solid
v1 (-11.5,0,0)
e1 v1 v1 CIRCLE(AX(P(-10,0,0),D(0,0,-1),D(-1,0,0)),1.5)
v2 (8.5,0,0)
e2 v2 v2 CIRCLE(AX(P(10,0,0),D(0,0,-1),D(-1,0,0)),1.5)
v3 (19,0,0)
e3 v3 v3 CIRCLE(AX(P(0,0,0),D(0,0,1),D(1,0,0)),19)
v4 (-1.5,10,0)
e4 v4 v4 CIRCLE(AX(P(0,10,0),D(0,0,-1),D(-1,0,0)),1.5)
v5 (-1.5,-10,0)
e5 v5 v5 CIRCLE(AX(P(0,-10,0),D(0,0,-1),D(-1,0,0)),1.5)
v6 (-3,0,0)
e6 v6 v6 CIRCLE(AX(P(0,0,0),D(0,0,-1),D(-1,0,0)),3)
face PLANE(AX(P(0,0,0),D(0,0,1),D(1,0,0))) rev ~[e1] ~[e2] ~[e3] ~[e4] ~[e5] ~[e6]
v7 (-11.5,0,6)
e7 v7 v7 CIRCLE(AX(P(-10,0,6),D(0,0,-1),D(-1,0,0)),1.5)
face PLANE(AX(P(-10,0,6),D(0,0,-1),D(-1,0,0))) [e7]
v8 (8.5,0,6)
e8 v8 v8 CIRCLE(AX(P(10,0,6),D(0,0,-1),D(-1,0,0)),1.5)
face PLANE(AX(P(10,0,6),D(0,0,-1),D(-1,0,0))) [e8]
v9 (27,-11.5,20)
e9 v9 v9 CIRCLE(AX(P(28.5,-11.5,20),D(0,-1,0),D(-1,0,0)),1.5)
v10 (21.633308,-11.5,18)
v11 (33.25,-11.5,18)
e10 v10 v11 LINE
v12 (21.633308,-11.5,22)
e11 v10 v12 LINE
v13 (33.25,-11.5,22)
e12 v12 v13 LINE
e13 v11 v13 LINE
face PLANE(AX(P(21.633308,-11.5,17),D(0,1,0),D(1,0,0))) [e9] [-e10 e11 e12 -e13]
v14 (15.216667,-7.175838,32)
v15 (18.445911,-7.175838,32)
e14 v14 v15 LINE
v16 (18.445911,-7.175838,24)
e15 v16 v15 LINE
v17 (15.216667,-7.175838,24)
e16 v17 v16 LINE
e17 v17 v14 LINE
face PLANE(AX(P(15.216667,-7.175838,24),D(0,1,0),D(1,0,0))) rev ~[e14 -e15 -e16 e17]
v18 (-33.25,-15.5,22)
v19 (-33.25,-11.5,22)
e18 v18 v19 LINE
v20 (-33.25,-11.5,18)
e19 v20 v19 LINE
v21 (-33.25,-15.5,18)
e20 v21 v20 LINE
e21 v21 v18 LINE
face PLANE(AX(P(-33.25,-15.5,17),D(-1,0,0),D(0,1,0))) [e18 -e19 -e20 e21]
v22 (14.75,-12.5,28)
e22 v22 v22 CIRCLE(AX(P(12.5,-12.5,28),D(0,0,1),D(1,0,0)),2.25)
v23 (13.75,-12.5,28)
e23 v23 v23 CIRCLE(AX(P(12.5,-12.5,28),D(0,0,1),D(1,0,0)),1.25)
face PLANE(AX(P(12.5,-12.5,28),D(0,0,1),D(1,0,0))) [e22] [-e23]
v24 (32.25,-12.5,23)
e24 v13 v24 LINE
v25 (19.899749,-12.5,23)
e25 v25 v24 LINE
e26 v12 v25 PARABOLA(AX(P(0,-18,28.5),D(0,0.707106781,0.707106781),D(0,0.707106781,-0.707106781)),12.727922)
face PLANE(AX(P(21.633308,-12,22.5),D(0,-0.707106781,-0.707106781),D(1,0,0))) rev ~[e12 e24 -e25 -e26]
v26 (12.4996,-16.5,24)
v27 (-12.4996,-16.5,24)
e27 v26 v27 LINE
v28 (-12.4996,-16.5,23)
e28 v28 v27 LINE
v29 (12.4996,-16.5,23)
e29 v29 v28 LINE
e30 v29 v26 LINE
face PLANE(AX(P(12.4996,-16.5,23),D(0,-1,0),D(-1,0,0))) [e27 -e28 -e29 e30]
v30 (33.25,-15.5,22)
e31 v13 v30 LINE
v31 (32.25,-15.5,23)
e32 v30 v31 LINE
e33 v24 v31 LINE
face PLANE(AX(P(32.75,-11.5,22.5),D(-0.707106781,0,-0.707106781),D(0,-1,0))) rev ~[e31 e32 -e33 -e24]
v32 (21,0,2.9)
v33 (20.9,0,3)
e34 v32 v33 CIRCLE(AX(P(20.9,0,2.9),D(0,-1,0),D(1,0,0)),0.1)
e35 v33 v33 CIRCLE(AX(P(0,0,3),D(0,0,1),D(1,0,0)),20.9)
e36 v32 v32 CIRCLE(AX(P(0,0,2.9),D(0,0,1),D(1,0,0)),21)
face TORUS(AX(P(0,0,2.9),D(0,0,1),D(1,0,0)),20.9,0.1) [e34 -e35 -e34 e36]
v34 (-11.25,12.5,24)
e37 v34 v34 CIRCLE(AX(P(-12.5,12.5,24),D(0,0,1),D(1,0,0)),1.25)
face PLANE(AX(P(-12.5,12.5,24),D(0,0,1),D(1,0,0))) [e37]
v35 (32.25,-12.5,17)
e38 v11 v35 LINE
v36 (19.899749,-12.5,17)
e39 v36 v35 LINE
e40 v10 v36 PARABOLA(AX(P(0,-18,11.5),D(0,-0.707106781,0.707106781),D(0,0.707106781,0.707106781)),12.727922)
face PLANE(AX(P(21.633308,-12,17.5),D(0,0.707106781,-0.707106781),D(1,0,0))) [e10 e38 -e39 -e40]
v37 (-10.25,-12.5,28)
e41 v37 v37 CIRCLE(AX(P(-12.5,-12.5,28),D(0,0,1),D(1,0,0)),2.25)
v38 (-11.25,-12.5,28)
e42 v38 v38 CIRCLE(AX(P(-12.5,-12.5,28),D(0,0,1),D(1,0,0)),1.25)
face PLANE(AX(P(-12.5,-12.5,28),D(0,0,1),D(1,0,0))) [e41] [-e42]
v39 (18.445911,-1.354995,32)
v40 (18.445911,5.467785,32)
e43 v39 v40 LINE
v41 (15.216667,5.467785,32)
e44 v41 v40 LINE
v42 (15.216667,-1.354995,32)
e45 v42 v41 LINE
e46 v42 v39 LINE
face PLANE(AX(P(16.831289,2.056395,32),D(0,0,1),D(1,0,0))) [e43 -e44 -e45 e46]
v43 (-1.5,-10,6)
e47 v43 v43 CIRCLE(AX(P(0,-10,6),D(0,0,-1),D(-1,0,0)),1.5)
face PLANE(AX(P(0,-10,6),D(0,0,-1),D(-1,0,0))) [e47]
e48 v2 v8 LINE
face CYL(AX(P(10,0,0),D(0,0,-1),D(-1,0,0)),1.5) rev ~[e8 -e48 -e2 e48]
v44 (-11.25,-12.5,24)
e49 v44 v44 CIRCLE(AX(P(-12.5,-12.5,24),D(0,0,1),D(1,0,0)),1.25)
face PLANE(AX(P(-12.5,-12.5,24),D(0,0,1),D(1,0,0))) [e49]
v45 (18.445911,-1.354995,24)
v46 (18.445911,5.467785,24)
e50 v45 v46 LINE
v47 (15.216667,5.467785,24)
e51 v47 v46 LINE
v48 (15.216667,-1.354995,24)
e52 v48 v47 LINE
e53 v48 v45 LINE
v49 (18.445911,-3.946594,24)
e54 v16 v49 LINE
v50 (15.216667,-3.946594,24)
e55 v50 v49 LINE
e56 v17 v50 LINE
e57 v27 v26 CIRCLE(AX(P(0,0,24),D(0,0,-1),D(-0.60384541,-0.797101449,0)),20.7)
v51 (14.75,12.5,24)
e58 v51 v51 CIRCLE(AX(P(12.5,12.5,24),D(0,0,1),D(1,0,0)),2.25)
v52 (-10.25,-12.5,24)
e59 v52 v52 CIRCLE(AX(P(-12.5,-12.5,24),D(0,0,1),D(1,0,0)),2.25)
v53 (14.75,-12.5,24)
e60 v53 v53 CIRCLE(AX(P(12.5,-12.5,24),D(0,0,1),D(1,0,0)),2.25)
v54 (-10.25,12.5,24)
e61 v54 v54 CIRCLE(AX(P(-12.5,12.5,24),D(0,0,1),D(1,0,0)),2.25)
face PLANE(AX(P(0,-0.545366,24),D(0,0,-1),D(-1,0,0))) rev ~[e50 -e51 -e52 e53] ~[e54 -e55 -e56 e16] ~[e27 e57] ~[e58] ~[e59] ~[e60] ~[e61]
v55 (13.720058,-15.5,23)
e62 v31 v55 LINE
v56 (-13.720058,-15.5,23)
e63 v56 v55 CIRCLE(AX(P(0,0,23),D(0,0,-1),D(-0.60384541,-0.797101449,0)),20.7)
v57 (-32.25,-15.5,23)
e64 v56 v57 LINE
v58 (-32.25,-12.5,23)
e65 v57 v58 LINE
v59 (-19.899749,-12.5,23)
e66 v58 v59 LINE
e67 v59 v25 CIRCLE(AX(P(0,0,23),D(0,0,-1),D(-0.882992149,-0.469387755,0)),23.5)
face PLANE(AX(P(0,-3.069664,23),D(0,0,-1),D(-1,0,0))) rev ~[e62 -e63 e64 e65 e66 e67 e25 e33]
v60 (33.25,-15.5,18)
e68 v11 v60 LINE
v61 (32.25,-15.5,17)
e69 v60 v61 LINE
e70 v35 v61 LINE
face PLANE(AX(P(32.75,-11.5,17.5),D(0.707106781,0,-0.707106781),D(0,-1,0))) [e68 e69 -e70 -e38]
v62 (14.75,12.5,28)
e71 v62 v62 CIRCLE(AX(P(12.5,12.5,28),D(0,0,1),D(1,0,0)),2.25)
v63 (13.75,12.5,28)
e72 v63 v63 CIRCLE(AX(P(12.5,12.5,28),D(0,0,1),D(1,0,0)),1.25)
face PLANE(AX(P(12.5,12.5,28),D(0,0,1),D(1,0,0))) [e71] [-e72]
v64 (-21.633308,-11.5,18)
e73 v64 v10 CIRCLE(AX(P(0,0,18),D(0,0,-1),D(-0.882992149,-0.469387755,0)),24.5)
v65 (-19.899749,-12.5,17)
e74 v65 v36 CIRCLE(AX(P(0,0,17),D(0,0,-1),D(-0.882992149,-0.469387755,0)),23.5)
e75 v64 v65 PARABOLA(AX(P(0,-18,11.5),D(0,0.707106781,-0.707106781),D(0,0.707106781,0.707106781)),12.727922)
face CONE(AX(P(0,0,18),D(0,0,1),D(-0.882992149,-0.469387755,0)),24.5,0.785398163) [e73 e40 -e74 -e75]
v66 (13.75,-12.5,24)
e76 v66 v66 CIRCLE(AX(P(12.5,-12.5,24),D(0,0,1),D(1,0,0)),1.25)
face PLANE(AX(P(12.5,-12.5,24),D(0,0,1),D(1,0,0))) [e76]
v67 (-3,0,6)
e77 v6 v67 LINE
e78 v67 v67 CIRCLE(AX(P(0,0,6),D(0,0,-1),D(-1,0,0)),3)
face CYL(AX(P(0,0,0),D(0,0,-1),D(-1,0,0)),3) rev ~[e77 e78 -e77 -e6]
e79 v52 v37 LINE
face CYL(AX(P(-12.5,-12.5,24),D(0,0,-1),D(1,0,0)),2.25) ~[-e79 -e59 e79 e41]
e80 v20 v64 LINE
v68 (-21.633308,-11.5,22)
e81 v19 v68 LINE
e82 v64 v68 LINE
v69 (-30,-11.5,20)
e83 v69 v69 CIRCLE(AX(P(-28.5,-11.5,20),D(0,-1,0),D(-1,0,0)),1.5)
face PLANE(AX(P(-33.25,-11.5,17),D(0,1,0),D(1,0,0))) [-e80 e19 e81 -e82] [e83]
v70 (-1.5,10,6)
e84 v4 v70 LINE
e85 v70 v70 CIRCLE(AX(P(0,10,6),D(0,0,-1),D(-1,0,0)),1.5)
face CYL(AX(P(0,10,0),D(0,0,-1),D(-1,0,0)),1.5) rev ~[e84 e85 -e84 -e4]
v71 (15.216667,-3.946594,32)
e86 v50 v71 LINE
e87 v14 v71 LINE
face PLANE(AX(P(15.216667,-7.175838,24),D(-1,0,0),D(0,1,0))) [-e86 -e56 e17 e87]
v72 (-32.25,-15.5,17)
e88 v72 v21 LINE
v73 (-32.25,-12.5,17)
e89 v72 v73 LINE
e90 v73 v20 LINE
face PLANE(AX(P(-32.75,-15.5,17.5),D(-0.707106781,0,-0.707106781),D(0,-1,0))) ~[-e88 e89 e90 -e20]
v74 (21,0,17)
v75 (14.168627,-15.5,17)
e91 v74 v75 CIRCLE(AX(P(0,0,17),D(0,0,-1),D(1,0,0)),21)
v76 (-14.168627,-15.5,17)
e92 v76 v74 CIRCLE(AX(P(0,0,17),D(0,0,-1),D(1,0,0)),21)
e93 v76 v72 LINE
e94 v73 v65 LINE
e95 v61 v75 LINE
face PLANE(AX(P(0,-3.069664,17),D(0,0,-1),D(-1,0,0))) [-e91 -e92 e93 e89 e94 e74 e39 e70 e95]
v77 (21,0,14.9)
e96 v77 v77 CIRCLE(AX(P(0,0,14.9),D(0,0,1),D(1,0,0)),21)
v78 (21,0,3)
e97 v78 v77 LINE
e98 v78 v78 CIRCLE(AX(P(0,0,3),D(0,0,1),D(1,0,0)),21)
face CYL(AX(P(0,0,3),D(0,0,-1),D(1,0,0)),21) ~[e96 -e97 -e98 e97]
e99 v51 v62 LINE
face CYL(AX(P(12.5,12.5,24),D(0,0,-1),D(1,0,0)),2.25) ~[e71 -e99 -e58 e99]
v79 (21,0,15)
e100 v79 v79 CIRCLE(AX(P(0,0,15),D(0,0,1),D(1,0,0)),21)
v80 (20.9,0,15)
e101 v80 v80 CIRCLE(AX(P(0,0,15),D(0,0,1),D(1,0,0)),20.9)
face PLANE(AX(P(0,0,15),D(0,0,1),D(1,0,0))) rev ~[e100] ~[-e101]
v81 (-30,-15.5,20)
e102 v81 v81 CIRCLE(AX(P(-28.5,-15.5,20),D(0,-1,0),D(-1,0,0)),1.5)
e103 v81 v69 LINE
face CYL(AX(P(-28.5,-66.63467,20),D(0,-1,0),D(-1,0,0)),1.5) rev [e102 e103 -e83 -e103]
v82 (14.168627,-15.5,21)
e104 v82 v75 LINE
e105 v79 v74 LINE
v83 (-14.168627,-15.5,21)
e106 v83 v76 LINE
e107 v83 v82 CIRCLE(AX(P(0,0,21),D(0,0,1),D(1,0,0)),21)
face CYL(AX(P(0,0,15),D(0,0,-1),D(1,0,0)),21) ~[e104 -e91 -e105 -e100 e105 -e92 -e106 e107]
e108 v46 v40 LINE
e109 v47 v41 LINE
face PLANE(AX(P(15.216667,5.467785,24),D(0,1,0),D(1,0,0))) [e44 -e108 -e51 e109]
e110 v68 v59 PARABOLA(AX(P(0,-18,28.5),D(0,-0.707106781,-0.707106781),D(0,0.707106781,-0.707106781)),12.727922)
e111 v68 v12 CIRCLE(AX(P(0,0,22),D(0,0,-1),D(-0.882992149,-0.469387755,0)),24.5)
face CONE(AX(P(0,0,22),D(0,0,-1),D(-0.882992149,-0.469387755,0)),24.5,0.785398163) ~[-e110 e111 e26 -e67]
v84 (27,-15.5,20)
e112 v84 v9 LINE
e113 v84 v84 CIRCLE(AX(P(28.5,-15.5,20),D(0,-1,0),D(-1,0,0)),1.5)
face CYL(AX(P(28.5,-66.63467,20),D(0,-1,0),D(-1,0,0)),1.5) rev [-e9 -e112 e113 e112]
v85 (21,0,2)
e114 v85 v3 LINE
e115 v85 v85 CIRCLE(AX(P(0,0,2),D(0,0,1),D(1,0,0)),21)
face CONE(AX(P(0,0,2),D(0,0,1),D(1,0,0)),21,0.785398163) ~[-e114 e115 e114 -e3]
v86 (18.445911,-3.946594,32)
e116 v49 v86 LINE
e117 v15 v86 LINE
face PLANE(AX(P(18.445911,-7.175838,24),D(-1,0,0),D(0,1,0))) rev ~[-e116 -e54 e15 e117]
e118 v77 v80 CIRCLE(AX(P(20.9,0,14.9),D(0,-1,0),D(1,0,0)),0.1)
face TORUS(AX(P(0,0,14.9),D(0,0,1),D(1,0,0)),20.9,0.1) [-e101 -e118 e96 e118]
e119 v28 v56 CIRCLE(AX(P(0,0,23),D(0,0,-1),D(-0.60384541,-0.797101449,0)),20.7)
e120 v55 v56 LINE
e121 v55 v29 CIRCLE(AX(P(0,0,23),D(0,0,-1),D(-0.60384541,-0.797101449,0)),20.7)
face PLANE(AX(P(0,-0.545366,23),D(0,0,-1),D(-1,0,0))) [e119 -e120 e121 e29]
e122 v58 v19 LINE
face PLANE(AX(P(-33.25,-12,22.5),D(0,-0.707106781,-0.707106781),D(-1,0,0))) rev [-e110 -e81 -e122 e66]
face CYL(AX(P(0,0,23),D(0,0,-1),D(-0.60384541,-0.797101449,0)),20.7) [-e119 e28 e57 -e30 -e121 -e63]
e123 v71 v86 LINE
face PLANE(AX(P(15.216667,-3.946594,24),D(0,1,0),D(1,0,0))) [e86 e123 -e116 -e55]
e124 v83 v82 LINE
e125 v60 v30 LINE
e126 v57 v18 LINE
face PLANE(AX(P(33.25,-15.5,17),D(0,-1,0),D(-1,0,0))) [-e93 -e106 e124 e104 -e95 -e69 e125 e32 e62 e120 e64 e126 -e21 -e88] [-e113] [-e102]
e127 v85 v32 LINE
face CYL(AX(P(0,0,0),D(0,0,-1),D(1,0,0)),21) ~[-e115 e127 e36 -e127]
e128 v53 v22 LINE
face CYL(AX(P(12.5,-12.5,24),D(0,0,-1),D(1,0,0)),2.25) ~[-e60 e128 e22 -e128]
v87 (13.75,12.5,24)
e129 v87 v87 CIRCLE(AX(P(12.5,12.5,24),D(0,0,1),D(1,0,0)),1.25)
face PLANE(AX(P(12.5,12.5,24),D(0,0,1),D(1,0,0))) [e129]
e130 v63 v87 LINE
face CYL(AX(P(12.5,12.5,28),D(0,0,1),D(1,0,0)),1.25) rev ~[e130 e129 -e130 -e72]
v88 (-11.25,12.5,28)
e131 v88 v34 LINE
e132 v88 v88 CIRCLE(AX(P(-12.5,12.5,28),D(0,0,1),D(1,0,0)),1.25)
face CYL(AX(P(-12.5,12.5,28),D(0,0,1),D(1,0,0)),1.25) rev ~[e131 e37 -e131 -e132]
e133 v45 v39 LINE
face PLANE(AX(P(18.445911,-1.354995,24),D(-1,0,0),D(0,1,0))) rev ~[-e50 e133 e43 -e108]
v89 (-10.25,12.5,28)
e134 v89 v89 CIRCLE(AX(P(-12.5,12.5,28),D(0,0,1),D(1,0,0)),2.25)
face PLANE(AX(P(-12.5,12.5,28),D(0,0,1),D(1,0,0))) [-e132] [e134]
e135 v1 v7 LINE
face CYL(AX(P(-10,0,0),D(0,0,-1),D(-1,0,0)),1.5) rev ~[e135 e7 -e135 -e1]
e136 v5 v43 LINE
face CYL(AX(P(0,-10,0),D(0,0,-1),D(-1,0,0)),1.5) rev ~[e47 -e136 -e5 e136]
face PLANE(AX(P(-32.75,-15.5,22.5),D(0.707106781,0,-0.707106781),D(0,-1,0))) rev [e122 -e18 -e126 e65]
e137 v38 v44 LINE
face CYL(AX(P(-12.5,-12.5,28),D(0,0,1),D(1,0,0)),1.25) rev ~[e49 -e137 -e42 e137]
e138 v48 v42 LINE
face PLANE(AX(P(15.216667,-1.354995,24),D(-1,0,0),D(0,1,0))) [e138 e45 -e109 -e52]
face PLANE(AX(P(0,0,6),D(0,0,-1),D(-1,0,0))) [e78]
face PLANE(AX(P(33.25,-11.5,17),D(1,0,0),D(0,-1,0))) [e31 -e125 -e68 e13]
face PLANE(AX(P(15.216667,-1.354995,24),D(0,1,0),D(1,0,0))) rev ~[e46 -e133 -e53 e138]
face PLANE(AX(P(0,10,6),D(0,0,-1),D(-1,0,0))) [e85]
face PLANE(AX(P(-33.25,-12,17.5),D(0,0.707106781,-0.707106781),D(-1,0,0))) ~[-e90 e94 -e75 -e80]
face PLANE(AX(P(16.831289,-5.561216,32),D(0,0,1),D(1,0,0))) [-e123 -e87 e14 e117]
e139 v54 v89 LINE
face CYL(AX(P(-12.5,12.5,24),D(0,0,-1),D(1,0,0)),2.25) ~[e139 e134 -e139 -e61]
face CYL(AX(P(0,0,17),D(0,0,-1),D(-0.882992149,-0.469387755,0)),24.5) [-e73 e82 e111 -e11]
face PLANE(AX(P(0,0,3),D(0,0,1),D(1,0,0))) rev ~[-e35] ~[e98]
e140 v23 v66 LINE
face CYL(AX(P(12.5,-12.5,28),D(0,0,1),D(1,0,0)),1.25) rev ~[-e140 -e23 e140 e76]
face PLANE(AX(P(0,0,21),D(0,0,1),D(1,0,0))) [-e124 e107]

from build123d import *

# Parameters (mm, degrees)
SKETCH1_R               = 21
BOSS_EXTRUDE1_DEPTH     = 3
CHAMFER1_SIZE           = 2
FILLET1_R               = 0.1
SKETCH2_R               = 21
BOSS_EXTRUDE2_DEPTH     = 12
FILLET2_R               = 0.1
SKETCH3_R               = 21
BOSS_EXTRUDE3_DEPTH     = 6
SKETCH4_R               = 3
SKETCH4_R_2             = 1.5
CUT_EXTRUDE1_DEPTH      = 6
BOSS_EXTRUDE4_DEPTH     = 6
CHAMFER2_SIZE           = 1
CUT_EXTRUDE2_DEPTH      = 55.134670037
CUT_EXTRUDE2_DEPTH_BACK = 55.134670037
SKETCH6_R               = 1.5
BOSS_EXTRUDE5_DEPTH     = 1
SKETCH8_R               = 2.25
BOSS_EXTRUDE6_DEPTH     = 4
SKETCH9_R               = 1.25
CUT_EXTRUDE3_DEPTH      = 4
SKETCH10_W              = 3.229244049
SKETCH10_H              = 6.822780719
SKETCH10_H_2            = 3.229244049
BOSS_EXTRUDE7_DEPTH     = 8


with BuildPart() as part:
    # Sketch1 → Boss-Extrude1 (new body)
    with BuildSketch(Plane.XY):
        Circle(SKETCH1_R)
    extrude(amount=BOSS_EXTRUDE1_DEPTH)

    # Chamfer1
    chamfer1_edges = [part.edges().sort_by_distance(p)[0] for p in [
        (-21, 0, 0),
    ]]
    chamfer(chamfer1_edges, length=CHAMFER1_SIZE)

    # Fillet1
    fillet1_edges = [part.edges().sort_by_distance(p)[0] for p in [
        (-21, 0, 3),
    ]]
    fillet(fillet1_edges, radius=FILLET1_R)

    # Sketch2 → Boss-Extrude2 (add)
    with BuildSketch(Plane.XY.offset(3)):
        Circle(SKETCH2_R)
    extrude(amount=BOSS_EXTRUDE2_DEPTH)

    # Fillet2
    fillet2_edges = [part.edges().sort_by_distance(p)[0] for p in [
        (-21, 0, 15),
    ]]
    fillet(fillet2_edges, radius=FILLET2_R)

    # Sketch3 → Boss-Extrude3 (add)
    with BuildSketch(Plane.XY.offset(15)):
        Circle(SKETCH3_R)
    extrude(amount=BOSS_EXTRUDE3_DEPTH)

    # Sketch4 → Cut-Extrude1 (cut)
    with BuildSketch(Plane(origin=(0, 0, 0), x_dir=(-1, 0, 0), z_dir=(0, 0, -1))):
        Circle(SKETCH4_R)
        with Locations((-10, 0)):
            Circle(SKETCH4_R_2)
        with Locations((0, 10)):
            Circle(SKETCH4_R_2)
        with Locations((10, 0)):
            Circle(SKETCH4_R_2)
        with Locations((0, -10)):
            Circle(SKETCH4_R_2)
    extrude(amount=-CUT_EXTRUDE1_DEPTH, mode=Mode.SUBTRACT)

    # Sketch5 → Boss-Extrude4 (add)
    with BuildSketch(Plane.XY.offset(17)):
        with BuildLine():
            Line((21.633307653, -11.5), (33.25, -11.5))
            Line((33.25, -11.5), (33.25, -15.5))
            Line((33.25, -15.5), (-33.25, -15.5))
            Line((-33.25, -15.5), (-33.25, -11.5))
            Line((-33.25, -11.5), (-21.633307653, -11.5))
            ThreePointArc((-21.633307653, -11.5), (0, 24.5), (21.633307653, -11.5))
        make_face()
    extrude(amount=BOSS_EXTRUDE4_DEPTH)

    # Chamfer2
    chamfer2_edges = [part.edges().sort_by_distance(p)[0] for p in [
        (0, 24.5, 17),
        (-27.441653826, -11.5, 17),
        (-33.25, -13.5, 17),
        (33.25, -13.5, 17),
        (27.441653826, -11.5, 17),
        (0, 24.5, 23),
        (-27.441653826, -11.5, 23),
        (-33.25, -13.5, 23),
        (33.25, -13.5, 23),
        (27.441653826, -11.5, 23),
    ]]
    chamfer(chamfer2_edges, length=CHAMFER2_SIZE)

    # Sketch6 → Cut-Extrude2 (cut, two sides: drawn at the far end of the back side and taken through both)
    with BuildSketch(Plane(origin=(0, -11.5, 0), x_dir=(1, 0, 0), z_dir=(0, 1, 0)).offset(-CUT_EXTRUDE2_DEPTH_BACK)):
        with Locations(Location((-28.5, -20, 0), (0, 0, 180))):
            Circle(SKETCH6_R)
        with Locations(Location((28.5, -20, 0), (0, 0, 180))):
            Circle(SKETCH6_R)
    extrude(amount=CUT_EXTRUDE2_DEPTH + CUT_EXTRUDE2_DEPTH_BACK, mode=Mode.SUBTRACT)

    # Sketch7 → Boss-Extrude5 (add)
    with BuildSketch(Plane.XY.offset(23)):
        with BuildLine():
            Line((12.499599994, -16.5), (-12.499599994, -16.5))
            ThreePointArc((-12.499599994, -16.5), (0, 20.7), (12.499599994, -16.5))
        make_face()
    extrude(amount=BOSS_EXTRUDE5_DEPTH)

    # Sketch8 → Boss-Extrude6 (add)
    with BuildSketch(Plane.XY.offset(24)):
        with Locations((-12.5, 12.5)):
            Circle(SKETCH8_R)
        with Locations((12.5, 12.5)):
            Circle(SKETCH8_R)
        with Locations((12.5, -12.5)):
            Circle(SKETCH8_R)
        with Locations((-12.5, -12.5)):
            Circle(SKETCH8_R)
    extrude(amount=BOSS_EXTRUDE6_DEPTH)

    # Sketch9 → Cut-Extrude3 (cut)
    with BuildSketch(Plane.XY.offset(28)):
        with Locations((12.5, 12.5)):
            Circle(SKETCH9_R)
        with Locations((12.5, -12.5)):
            Circle(SKETCH9_R)
        with Locations((-12.5, 12.5)):
            Circle(SKETCH9_R)
        with Locations((-12.5, -12.5)):
            Circle(SKETCH9_R)
    extrude(amount=-CUT_EXTRUDE3_DEPTH, mode=Mode.SUBTRACT)

    # Sketch10 → Boss-Extrude7 (add)
    with BuildSketch(Plane.XY.offset(24)):
        with Locations((16.831288736, 2.056395103)):
            Rectangle(SKETCH10_W, SKETCH10_H)
        with Locations((16.831288736, -5.561216158)):
            Rectangle(SKETCH10_W, SKETCH10_H_2)
    extrude(amount=BOSS_EXTRUDE7_DEPTH)


solid = part.part
